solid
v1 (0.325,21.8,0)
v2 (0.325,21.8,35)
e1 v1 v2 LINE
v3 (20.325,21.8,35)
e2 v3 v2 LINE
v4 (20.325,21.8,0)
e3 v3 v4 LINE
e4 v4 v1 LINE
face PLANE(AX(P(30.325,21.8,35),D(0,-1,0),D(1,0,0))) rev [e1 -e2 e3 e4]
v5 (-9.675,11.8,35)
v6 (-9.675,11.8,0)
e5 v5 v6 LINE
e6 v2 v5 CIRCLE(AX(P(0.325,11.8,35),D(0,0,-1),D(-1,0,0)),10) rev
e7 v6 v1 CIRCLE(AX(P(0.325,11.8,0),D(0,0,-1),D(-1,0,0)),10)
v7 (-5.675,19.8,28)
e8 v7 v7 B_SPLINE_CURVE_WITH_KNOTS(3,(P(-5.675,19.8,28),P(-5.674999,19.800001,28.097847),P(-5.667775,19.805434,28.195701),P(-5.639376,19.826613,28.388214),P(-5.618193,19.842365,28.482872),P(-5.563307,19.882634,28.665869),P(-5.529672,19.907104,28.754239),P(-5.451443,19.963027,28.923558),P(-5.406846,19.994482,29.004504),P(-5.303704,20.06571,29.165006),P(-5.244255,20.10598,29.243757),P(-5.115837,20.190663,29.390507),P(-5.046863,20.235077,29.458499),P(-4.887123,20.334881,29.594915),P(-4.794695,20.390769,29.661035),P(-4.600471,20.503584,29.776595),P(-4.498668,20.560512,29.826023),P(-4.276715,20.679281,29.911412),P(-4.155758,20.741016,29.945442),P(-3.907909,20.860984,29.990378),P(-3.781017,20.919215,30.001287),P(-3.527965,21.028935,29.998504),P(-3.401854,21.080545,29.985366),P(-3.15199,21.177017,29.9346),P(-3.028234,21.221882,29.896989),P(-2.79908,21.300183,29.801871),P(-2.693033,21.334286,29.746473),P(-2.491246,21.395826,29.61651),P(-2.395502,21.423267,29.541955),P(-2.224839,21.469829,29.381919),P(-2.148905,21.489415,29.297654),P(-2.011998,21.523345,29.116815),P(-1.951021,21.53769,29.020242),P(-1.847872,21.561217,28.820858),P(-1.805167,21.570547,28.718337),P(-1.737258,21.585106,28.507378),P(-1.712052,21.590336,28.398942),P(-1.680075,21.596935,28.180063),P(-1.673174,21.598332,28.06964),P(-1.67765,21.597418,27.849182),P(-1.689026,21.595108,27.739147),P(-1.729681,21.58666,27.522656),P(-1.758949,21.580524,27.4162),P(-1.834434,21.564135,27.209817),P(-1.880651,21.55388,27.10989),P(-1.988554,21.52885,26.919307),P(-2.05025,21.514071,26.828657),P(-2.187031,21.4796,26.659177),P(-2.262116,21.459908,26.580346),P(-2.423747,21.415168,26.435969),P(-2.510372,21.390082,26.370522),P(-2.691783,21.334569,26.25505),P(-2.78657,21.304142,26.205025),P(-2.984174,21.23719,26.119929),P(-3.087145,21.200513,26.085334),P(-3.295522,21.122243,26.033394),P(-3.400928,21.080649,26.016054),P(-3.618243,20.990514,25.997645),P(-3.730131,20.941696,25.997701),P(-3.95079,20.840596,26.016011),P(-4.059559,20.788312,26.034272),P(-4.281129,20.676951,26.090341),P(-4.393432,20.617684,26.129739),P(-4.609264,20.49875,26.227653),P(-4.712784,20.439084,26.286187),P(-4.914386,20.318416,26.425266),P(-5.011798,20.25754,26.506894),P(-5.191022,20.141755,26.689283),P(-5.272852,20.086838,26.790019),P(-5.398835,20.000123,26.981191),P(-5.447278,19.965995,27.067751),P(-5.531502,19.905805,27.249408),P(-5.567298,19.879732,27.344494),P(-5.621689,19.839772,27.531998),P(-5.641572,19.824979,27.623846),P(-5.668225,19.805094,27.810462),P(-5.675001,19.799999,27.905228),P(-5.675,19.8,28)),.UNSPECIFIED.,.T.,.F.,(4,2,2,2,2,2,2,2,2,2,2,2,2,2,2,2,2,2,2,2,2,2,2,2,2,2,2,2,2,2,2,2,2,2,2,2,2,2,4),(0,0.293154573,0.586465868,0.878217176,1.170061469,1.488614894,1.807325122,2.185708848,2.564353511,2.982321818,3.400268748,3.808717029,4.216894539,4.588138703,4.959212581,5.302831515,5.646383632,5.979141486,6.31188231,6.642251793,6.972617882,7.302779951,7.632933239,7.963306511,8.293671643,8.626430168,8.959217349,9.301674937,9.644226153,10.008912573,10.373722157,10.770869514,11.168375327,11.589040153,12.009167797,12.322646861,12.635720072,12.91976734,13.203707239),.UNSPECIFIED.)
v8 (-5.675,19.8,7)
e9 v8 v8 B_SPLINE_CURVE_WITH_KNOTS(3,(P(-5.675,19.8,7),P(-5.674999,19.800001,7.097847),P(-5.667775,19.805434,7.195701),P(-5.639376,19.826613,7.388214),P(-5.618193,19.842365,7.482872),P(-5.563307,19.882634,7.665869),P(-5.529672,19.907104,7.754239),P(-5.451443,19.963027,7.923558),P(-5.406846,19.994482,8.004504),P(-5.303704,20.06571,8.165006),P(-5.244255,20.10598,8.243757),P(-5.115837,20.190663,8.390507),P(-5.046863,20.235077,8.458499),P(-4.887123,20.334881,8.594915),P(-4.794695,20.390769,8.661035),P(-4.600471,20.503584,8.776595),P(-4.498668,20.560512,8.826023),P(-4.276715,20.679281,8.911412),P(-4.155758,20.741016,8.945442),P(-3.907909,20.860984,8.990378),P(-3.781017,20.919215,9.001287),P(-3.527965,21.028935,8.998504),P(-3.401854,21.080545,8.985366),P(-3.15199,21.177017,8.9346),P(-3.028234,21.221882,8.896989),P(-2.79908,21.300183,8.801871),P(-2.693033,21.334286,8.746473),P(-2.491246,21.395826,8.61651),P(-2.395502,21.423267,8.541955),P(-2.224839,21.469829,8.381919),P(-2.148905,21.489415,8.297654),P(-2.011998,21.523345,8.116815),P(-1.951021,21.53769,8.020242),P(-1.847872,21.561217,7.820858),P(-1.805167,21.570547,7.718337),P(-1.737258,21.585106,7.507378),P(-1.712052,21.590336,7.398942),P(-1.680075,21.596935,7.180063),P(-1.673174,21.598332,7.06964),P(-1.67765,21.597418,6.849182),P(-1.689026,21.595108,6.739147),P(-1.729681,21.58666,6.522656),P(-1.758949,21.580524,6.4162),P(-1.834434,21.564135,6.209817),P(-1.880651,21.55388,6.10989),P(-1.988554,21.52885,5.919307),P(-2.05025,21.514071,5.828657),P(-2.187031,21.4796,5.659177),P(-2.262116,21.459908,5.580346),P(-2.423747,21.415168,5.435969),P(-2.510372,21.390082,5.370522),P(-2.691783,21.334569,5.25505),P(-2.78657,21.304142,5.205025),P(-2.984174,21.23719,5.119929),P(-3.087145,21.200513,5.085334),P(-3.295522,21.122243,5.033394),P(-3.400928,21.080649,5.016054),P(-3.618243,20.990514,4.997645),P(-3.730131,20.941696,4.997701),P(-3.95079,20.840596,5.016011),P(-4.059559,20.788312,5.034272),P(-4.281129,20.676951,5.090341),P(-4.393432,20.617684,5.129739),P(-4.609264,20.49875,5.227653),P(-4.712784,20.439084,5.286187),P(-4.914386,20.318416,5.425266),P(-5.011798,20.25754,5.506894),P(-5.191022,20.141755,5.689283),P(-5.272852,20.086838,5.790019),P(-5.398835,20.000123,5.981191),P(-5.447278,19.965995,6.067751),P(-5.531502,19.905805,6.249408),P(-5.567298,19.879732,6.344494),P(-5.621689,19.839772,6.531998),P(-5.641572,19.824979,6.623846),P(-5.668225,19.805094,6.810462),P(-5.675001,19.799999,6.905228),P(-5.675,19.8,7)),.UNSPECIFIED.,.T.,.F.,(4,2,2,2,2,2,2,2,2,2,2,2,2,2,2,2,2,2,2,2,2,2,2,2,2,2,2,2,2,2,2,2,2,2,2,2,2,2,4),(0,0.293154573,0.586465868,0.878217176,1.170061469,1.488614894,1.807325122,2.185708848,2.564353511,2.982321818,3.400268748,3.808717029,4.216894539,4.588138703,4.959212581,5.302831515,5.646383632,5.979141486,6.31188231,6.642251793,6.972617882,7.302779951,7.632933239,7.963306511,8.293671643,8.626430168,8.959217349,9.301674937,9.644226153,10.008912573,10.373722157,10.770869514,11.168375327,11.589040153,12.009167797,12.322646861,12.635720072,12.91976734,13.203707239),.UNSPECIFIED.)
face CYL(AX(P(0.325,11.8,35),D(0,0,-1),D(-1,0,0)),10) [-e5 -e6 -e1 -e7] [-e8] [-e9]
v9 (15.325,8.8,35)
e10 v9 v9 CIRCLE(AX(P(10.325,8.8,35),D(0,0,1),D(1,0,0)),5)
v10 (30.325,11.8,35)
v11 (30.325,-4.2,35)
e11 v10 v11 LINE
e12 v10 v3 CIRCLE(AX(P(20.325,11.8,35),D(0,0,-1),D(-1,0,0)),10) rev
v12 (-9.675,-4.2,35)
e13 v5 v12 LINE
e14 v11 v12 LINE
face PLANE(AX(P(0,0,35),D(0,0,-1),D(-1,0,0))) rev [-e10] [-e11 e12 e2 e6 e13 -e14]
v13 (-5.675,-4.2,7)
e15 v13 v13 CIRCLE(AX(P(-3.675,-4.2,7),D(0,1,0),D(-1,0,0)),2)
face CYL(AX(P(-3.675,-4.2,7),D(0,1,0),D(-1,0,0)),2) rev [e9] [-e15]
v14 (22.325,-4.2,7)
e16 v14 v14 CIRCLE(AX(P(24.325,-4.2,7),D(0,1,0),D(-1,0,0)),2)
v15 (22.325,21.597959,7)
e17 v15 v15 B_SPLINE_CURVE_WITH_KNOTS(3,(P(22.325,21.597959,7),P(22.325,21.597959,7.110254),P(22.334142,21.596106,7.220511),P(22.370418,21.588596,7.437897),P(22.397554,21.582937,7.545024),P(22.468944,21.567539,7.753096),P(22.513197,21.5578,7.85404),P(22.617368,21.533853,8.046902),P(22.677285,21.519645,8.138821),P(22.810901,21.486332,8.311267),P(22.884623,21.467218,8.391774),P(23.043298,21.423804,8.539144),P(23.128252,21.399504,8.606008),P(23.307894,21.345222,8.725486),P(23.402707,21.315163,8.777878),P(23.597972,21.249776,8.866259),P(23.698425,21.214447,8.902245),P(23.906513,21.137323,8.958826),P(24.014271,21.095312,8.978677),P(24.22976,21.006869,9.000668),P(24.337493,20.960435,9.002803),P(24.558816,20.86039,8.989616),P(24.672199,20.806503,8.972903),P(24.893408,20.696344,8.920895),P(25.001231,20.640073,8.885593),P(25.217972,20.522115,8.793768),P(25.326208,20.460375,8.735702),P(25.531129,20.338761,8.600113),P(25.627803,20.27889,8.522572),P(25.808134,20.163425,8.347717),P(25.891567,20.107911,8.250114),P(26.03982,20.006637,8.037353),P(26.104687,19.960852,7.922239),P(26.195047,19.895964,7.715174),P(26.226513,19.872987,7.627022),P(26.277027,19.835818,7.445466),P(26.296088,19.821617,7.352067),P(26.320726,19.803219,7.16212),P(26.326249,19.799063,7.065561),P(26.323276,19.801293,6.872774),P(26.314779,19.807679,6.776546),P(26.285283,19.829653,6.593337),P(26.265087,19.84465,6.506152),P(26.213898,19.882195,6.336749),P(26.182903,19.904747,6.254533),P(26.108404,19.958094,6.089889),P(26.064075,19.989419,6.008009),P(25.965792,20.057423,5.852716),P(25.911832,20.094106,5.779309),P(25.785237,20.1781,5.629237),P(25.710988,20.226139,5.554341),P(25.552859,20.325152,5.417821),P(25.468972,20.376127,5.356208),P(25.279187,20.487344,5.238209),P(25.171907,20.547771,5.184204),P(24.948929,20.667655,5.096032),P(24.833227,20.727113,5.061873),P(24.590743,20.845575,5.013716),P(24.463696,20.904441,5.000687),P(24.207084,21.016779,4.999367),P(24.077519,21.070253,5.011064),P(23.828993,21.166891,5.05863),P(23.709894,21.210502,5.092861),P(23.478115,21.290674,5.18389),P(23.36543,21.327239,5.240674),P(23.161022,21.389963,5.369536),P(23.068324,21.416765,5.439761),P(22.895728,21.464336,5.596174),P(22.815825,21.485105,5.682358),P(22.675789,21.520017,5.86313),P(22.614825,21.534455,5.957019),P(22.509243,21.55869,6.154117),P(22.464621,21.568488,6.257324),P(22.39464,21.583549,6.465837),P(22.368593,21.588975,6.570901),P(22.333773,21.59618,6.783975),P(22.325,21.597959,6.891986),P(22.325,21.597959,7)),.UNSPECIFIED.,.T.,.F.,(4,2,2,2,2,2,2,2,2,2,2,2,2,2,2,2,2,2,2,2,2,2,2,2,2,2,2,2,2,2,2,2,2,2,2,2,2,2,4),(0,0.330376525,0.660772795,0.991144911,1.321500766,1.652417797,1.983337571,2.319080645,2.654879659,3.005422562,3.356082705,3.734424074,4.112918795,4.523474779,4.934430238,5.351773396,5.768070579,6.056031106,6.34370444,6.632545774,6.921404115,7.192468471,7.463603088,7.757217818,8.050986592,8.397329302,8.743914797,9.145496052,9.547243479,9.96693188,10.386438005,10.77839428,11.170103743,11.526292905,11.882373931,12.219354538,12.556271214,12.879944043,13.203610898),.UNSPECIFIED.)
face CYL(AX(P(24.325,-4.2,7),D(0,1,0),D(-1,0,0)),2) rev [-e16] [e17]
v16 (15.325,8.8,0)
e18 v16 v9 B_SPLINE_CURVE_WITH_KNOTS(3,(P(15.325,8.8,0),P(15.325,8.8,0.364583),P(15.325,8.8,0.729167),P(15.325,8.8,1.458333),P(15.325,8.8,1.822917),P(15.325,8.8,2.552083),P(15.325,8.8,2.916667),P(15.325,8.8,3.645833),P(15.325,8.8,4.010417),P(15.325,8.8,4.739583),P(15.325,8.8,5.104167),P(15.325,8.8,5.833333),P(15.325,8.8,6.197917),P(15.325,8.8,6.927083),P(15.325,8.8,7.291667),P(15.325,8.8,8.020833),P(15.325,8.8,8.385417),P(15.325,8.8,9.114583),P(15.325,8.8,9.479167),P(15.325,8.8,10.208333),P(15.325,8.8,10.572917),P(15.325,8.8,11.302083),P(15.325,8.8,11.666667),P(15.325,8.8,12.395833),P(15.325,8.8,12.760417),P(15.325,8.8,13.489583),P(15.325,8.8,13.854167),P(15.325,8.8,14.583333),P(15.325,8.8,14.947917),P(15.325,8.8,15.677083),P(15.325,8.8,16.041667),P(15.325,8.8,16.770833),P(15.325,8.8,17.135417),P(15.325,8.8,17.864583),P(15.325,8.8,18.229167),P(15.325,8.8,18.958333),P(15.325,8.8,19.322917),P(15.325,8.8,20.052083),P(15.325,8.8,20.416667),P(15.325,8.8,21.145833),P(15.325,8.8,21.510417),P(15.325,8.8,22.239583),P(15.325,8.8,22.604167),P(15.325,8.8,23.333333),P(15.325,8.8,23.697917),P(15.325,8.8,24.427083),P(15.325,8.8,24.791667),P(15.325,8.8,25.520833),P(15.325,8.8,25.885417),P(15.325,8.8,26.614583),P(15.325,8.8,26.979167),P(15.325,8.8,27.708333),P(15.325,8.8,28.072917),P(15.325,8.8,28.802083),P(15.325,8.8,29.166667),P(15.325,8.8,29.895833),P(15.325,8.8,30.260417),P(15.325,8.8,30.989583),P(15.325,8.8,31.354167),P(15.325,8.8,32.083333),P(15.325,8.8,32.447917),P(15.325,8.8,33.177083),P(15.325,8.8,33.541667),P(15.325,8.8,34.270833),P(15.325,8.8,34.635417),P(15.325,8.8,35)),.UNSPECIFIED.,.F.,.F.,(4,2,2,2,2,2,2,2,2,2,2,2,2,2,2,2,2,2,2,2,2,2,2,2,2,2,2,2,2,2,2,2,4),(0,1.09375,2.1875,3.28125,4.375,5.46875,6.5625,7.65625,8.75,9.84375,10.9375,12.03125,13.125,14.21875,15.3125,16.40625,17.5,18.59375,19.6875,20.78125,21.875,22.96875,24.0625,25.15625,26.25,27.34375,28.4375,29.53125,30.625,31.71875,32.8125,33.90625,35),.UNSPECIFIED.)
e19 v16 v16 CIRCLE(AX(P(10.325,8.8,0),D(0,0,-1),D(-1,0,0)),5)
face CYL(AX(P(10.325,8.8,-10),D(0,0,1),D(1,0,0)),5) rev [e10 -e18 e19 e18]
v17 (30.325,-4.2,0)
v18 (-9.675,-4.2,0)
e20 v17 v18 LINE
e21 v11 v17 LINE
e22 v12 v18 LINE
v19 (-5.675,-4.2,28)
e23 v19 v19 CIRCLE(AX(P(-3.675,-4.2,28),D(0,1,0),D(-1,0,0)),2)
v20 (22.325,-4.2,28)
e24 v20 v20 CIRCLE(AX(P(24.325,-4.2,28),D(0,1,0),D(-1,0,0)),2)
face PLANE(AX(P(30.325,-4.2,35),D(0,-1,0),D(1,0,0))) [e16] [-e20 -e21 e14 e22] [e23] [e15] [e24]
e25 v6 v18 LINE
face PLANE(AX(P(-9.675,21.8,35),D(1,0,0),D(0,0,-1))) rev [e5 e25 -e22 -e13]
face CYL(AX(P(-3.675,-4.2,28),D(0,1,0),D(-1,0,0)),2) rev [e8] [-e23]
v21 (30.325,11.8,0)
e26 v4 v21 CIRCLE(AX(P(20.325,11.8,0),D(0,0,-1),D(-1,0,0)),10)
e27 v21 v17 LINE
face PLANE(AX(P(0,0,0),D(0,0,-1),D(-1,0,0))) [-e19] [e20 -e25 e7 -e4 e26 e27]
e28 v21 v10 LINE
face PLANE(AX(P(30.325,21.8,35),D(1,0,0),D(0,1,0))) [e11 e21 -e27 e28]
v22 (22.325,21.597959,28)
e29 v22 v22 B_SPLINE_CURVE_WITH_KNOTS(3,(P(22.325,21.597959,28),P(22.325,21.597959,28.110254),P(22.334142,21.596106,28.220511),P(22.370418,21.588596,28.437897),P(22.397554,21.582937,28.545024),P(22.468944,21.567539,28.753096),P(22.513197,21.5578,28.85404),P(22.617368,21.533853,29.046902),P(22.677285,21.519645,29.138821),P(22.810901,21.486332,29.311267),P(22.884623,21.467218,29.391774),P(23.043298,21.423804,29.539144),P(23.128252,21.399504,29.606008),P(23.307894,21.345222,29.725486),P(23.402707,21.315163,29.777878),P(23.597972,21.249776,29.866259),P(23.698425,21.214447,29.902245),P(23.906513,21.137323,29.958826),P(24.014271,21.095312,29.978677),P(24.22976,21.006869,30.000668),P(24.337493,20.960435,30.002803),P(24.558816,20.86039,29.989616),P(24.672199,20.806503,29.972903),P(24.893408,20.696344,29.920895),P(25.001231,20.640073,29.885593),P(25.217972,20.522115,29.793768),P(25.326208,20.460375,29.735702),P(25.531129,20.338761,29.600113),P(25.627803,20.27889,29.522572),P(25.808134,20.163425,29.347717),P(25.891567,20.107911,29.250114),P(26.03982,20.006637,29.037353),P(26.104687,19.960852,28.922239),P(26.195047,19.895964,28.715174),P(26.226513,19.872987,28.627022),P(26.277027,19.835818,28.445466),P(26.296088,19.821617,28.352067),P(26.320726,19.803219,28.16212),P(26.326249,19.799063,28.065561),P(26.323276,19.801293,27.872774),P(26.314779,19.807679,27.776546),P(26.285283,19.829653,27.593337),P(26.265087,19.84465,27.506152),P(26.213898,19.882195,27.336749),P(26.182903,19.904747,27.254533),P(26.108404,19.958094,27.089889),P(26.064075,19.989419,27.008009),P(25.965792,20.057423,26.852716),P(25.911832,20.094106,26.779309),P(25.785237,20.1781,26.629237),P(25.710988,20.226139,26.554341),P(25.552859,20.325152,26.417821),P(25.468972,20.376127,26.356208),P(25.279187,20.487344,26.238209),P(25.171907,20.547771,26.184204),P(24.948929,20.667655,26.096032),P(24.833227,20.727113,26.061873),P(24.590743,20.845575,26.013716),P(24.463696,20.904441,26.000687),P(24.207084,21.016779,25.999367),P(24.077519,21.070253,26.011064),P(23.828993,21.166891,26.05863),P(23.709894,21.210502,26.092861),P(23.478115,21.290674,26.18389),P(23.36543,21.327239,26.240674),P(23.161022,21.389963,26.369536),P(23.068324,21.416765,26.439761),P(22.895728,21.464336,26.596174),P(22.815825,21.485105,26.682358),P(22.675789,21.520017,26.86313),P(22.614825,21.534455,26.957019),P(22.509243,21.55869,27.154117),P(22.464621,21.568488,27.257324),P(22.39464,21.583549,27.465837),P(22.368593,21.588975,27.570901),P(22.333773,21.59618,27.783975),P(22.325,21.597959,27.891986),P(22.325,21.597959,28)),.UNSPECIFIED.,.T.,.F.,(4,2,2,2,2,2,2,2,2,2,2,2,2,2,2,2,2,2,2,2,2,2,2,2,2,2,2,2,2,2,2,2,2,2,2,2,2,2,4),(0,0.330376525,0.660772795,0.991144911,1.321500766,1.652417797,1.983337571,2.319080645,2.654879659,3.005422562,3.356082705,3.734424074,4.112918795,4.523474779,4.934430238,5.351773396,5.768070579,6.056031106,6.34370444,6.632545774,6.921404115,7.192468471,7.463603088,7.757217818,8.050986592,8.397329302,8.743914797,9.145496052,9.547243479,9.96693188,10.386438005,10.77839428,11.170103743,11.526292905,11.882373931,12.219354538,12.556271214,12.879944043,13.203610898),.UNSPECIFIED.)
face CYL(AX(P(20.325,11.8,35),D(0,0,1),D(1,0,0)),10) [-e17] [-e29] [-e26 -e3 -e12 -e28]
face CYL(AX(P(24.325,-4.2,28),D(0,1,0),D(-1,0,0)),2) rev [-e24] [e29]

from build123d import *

# Parameters (mm, degrees)
SKETCH1_W           = 40
SKETCH1_H           = 26
BOSS_EXTRUDE1_DEPTH = 35
SKETCH2_R           = 5
CUT_EXTRUDE1_DEPTH  = 45
FILLET1_R           = 10
SKETCH3_R           = 2
CUT_EXTRUDE2_DEPTH  = 26


with BuildPart() as part:
    # Sketch1 → Boss-Extrude1 (new body)
    with BuildSketch(Plane.XY):
        with Locations((10.325, 8.8)):
            Rectangle(SKETCH1_W, SKETCH1_H)
    extrude(amount=BOSS_EXTRUDE1_DEPTH)

    # Sketch2 → Cut-Extrude1 (cut)
    with BuildSketch(Plane.XY.offset(35)):
        with Locations((10.325, 8.8)):
            Circle(SKETCH2_R)
    extrude(amount=-CUT_EXTRUDE1_DEPTH, mode=Mode.SUBTRACT)

    # Fillet1
    fillet1_edges = [part.edges().sort_by_distance(p)[0] for p in [
        (30.325, 21.8, 17.5),
        (-9.675, 21.8, 17.5),
    ]]
    fillet(fillet1_edges, radius=FILLET1_R)

    # Sketch3 → Cut-Extrude2 (cut)
    with BuildSketch(Plane(origin=(0, 21.8, 0), x_dir=(1, 0, 0), z_dir=(0, 1, 0))):
        with Locations(Location((-3.675, -7, 0), (0, 0, 180))):
            Circle(SKETCH3_R)
        with Locations(Location((24.325, -7, 0), (0, 0, 180))):
            Circle(SKETCH3_R)
        with Locations(Location((-3.675, -28, 0), (0, 0, 180))):
            Circle(SKETCH3_R)
        with Locations(Location((24.325, -28, 0), (0, 0, 180))):
            Circle(SKETCH3_R)
    extrude(amount=-CUT_EXTRUDE2_DEPTH, mode=Mode.SUBTRACT)


solid = part.part
